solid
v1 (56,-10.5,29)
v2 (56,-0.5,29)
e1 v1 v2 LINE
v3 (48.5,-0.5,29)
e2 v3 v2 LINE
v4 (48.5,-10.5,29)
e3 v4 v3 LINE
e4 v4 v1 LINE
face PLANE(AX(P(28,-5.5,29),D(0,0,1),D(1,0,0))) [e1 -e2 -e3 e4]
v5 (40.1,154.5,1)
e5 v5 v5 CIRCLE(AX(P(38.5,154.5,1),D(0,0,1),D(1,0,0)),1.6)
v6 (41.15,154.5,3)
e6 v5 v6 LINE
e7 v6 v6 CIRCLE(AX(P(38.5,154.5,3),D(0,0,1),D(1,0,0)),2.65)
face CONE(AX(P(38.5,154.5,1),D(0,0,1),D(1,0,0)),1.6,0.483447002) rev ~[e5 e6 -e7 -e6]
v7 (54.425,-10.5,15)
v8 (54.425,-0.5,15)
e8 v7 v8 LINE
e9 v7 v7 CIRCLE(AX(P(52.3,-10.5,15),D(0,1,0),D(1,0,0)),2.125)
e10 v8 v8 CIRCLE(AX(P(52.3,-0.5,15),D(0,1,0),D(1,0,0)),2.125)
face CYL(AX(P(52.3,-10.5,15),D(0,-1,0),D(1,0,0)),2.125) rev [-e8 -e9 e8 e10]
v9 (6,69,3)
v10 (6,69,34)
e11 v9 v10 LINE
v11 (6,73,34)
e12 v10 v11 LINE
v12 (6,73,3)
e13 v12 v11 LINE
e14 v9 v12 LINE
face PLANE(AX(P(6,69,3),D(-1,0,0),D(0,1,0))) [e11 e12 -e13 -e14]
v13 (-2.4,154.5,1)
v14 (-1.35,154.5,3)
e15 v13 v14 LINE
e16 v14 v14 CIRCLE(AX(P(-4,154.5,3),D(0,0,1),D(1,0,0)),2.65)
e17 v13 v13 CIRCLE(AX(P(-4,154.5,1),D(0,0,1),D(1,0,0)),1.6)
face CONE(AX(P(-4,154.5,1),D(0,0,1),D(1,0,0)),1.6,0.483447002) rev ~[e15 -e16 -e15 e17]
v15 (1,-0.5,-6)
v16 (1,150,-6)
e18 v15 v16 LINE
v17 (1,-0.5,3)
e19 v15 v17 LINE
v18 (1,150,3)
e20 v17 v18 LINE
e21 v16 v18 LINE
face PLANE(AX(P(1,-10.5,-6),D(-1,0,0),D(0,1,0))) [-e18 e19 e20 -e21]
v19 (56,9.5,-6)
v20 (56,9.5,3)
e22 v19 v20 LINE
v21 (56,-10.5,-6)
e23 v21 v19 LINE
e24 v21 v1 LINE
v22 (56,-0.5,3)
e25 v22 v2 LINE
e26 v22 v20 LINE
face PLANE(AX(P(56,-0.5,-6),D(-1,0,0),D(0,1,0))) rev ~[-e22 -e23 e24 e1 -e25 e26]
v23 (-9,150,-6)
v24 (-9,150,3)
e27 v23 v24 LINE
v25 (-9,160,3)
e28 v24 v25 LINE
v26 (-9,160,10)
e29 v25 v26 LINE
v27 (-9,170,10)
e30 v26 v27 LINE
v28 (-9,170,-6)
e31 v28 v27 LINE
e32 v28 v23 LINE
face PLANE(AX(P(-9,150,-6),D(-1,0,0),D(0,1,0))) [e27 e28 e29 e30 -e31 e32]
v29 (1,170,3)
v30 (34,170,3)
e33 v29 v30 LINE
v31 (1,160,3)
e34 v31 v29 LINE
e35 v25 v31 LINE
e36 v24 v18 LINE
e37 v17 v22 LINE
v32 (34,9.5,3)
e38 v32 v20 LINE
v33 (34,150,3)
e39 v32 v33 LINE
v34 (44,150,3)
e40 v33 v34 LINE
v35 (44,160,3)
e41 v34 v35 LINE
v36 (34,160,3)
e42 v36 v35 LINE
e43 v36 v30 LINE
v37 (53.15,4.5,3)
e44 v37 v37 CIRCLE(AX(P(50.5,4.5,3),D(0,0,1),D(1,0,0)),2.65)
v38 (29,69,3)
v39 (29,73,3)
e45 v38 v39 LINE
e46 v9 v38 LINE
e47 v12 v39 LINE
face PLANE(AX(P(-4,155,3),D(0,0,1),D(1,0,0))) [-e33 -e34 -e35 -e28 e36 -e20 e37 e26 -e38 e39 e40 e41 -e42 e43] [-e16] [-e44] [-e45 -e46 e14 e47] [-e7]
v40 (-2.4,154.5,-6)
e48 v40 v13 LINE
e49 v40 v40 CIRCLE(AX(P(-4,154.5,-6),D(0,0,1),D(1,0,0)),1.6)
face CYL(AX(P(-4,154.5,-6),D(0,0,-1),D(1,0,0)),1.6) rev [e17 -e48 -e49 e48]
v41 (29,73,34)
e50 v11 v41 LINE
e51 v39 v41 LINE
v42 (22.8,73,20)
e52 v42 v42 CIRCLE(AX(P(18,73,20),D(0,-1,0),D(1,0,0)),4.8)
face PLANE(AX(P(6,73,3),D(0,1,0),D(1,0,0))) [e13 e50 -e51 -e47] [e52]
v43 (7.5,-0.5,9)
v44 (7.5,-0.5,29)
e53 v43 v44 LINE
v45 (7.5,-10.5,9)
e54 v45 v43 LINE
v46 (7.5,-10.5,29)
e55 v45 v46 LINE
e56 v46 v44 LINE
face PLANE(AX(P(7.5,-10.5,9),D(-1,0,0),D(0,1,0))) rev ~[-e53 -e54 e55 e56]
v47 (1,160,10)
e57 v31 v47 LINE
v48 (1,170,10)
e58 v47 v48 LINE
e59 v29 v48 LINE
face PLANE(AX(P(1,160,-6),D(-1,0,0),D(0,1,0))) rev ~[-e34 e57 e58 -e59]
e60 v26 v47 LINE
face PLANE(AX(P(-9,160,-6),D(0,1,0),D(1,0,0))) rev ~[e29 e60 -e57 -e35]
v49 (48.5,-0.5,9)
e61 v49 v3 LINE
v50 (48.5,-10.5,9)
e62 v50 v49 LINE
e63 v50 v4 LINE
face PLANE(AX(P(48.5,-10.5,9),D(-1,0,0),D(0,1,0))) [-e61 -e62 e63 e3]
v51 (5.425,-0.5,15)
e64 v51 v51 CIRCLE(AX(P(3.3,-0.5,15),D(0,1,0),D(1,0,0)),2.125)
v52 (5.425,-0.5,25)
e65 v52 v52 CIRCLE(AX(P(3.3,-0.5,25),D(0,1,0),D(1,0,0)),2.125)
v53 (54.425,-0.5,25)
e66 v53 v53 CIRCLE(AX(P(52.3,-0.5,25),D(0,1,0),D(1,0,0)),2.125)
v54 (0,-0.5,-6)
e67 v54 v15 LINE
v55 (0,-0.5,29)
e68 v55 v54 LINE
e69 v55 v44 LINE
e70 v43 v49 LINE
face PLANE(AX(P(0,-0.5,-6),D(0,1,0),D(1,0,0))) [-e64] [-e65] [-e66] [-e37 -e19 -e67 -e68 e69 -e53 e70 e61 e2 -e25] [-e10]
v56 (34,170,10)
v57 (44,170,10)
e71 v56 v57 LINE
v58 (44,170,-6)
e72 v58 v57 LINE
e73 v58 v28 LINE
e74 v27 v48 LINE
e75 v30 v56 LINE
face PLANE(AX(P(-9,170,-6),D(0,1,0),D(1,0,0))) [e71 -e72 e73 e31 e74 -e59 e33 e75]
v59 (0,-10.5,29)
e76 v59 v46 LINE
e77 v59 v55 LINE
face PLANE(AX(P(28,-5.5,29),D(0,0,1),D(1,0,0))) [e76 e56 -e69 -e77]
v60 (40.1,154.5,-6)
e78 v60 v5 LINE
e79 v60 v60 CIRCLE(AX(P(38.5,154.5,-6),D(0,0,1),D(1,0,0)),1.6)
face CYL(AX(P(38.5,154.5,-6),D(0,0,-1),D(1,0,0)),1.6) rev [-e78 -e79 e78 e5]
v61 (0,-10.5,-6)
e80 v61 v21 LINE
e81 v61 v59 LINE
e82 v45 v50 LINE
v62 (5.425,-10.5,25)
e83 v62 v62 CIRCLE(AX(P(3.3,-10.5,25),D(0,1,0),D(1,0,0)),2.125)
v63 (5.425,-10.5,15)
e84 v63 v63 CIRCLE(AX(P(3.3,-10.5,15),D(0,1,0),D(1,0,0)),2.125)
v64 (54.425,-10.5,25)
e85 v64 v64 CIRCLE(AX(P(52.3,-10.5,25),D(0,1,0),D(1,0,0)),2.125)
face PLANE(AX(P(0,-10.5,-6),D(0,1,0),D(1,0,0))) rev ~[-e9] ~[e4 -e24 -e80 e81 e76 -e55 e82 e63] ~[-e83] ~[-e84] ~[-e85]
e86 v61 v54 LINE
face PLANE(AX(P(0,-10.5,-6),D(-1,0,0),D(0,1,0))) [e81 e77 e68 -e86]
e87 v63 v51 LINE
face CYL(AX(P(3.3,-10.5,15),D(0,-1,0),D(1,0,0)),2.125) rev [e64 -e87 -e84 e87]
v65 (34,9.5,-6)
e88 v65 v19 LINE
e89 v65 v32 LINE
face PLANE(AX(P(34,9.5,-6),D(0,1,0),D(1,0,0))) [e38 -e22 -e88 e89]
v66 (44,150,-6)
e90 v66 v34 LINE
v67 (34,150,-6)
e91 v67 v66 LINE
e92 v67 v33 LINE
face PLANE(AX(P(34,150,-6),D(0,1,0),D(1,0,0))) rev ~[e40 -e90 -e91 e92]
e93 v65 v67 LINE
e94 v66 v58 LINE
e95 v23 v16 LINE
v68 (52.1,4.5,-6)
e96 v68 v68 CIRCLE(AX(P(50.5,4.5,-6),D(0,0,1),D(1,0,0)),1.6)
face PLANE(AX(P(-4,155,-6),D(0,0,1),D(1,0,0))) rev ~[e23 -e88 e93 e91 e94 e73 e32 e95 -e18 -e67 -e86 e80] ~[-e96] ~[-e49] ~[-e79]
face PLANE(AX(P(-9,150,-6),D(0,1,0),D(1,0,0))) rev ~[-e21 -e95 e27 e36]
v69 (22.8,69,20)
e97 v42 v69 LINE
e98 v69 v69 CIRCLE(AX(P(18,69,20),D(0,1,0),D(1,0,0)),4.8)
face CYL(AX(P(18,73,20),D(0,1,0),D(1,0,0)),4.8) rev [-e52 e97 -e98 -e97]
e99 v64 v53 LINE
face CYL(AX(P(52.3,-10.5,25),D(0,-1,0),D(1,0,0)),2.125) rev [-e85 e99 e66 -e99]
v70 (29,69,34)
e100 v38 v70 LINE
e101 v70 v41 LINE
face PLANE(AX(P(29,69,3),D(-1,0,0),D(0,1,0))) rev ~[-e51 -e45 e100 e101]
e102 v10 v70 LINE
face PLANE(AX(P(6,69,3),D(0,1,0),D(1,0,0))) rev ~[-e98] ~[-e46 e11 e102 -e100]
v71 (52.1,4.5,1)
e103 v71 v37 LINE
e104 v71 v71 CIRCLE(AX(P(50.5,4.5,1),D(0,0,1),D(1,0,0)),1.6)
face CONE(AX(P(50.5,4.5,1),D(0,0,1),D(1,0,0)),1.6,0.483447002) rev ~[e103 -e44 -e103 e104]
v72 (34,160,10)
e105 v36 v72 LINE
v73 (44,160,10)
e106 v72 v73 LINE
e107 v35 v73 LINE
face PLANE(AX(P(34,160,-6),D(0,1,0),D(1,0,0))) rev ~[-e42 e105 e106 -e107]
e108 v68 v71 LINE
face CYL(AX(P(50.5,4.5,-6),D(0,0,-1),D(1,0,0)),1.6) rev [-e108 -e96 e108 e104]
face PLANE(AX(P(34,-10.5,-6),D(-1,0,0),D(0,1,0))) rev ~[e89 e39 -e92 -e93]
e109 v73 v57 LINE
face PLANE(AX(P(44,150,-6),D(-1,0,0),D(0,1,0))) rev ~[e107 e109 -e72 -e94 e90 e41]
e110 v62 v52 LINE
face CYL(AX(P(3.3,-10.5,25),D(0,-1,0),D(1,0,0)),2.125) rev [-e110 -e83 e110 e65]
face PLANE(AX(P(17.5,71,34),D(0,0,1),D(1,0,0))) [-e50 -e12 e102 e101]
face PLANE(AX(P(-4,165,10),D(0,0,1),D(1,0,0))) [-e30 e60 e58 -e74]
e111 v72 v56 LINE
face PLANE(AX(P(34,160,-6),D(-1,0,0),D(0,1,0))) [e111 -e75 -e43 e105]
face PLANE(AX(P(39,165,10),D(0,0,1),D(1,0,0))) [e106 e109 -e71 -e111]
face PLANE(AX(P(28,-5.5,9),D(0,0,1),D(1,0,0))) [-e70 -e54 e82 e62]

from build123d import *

# Parameters (mm, degrees)
CYLINDER148_R     = 4.8
CYLINDER148_DEPTH = 6.7
CYLINDER147_R     = 1.6
CYLINDER147_DEPTH = 7
CYLINDER146_R     = 1.6
CYLINDER146_DEPTH = 7
CYLINDER140_R     = 1.6
CYLINDER140_DEPTH = 7
CYLINDER012_R     = 2.125
CYLINDER012_DEPTH = 10
CYLINDER013_R     = 2.125
CYLINDER013_DEPTH = 10
CYLINDER010_R     = 2.125
CYLINDER010_DEPTH = 10
CYLINDER011_R     = 2.125
CYLINDER011_DEPTH = 10
CYLINDER145_R     = 3.45
CYLINDER145_DEPTH = 10
CYLINDER141_R     = 1.6
CYLINDER141_DEPTH = 7
CYLINDER142_R     = 1.6
CYLINDER142_DEPTH = 7
CYLINDER144_R     = 1.6
CYLINDER144_DEPTH = 7
CYLINDER143_R     = 1.6
CYLINDER143_DEPTH = 7
BOX007_W          = 41
BOX007_H          = 10
BOX007_DEPTH      = 20
BOX006_W          = 56
BOX006_H          = 10
BOX006_DEPTH      = 26
BOX005_W          = 23
BOX005_H          = 4
BOX005_DEPTH      = 31
BOX008_W          = 22
BOX008_H          = 10
BOX008_DEPTH      = 9
BOX009_W          = 1
BOX009_H          = 10
BOX009_DEPTH      = 9
BOX012_W          = 10
BOX012_H          = 10
BOX012_DEPTH      = 16
BOX013_W          = 10
BOX013_H          = 10
BOX013_DEPTH      = 16
BOX014_W          = 22
BOX014_H          = 10
BOX014_DEPTH      = 9
BOX015_W          = 10
BOX015_H          = 10
BOX015_DEPTH      = 9
BOX016_W          = 10
BOX016_H          = 10
BOX016_DEPTH      = 9
BOX003_W          = 33
BOX003_H          = 180.5
BOX003_DEPTH      = 9


with BuildPart() as hole002:
    # Cylinder148 → Cylinder148 (new body)
    with BuildSketch(Plane(origin=(18, 73, 20), x_dir=(1, 0, 0), z_dir=(0, -1, 0))):
        Circle(CYLINDER148_R)
    extrude(amount=CYLINDER148_DEPTH)


with BuildPart() as wheelscrew018:
    # Cylinder147 → Cylinder147 (new body)
    with BuildSketch(Plane(origin=(9, -124, -19), x_dir=(1, 0, 0), z_dir=(0, 0, 1))):
        Circle(CYLINDER147_R)
    extrude(amount=CYLINDER147_DEPTH)


with BuildPart() as fullscrew007:
    # Cone015 → Cone015 (revolve)
    with BuildSketch(Plane(origin=(9, -124, -12), x_dir=(1, 0, 0), z_dir=(0, -1, 0))):
        Polygon((0, 0), (1.6, 0), (2.65, 2), (0, 2), align=None)
    revolve(axis=Axis((9, -124, -12), (0, 0, 1)))

    # Fusion007051: union wheelScrew018
    add(wheelscrew018.part)


with BuildPart() as fullscrew007_1:
    # Fusion007051 placement: moved
    add(fullscrew007.part.moved(Location((41.5, 128.5, 13))))


with BuildPart() as wheelscrew016:
    # Cylinder146 → Cylinder146 (new body)
    with BuildSketch(Plane(origin=(9, -124, -19), x_dir=(1, 0, 0), z_dir=(0, 0, 1))):
        Circle(CYLINDER146_R)
    extrude(amount=CYLINDER146_DEPTH)


with BuildPart() as fullscrew006:
    # Cone014 → Cone014 (revolve)
    with BuildSketch(Plane(origin=(9, -124, -12), x_dir=(1, 0, 0), z_dir=(0, -1, 0))):
        Polygon((0, 0), (1.6, 0), (2.65, 2), (0, 2), align=None)
    revolve(axis=Axis((9, -124, -12), (0, 0, 1)))

    # Fusion007050: union wheelScrew016
    add(wheelscrew016.part)


with BuildPart() as fullscrew006_1:
    # Fusion007050 placement: moved
    add(fullscrew006.part.moved(Location((-13, 278.5, 13))))


with BuildPart() as wheelscrew005:
    # Cylinder140 → Cylinder140 (new body)
    with BuildSketch(Plane(origin=(9, -124, -19), x_dir=(1, 0, 0), z_dir=(0, 0, 1))):
        Circle(CYLINDER140_R)
    extrude(amount=CYLINDER140_DEPTH)


with BuildPart() as fullscrew001:
    # Cone009 → Cone009 (revolve)
    with BuildSketch(Plane(origin=(9, -124, -12), x_dir=(1, 0, 0), z_dir=(0, -1, 0))):
        Polygon((0, 0), (1.6, 0), (2.65, 2), (0, 2), align=None)
    revolve(axis=Axis((9, -124, -12), (0, 0, 1)))

    # Fusion007043: union wheelScrew005
    add(wheelscrew005.part)


with BuildPart() as fullscrew001_1:
    # Fusion007043 placement: moved
    add(fullscrew001.part.moved(Location((29.5, 278.5, 13))))


with BuildPart() as servoattach003:
    # Cylinder012 → Cylinder012 (new body)
    with BuildSketch(Plane(origin=(52.3, -10.5, 25), x_dir=(1, 0, 0), z_dir=(0, 1, 0))):
        Circle(CYLINDER012_R)
    extrude(amount=CYLINDER012_DEPTH)


with BuildPart() as servoattach004:
    # Cylinder013 → Cylinder013 (new body)
    with BuildSketch(Plane(origin=(52.3, -10.5, 15), x_dir=(1, 0, 0), z_dir=(0, 1, 0))):
        Circle(CYLINDER013_R)
    extrude(amount=CYLINDER013_DEPTH)


with BuildPart() as servoattach001:
    # Cylinder010 → Cylinder010 (new body)
    with BuildSketch(Plane(origin=(3.3, -10.5, 25), x_dir=(1, 0, 0), z_dir=(0, 1, 0))):
        Circle(CYLINDER010_R)
    extrude(amount=CYLINDER010_DEPTH)


with BuildPart() as servoattach002:
    # Cylinder011 → Cylinder011 (new body)
    with BuildSketch(Plane(origin=(3.3, -10.5, 15), x_dir=(1, 0, 0), z_dir=(0, 1, 0))):
        Circle(CYLINDER011_R)
    extrude(amount=CYLINDER011_DEPTH)


with BuildPart() as insert001:
    # Cylinder145 → Cylinder145 (new body)
    with BuildSketch(Plane(origin=(17.5, 180.5, -7), x_dir=(1, 0, 0), z_dir=(0, 0, 1))):
        Circle(CYLINDER145_R)
    extrude(amount=CYLINDER145_DEPTH)


with BuildPart() as wheelscrew008:
    # Cylinder141 → Cylinder141 (new body)
    with BuildSketch(Plane(origin=(9, -124, -19), x_dir=(1, 0, 0), z_dir=(0, 0, 1))):
        Circle(CYLINDER141_R)
    extrude(amount=CYLINDER141_DEPTH)


with BuildPart() as fullscrew002:
    # Cone010 → Cone010 (revolve)
    with BuildSketch(Plane(origin=(9, -124, -12), x_dir=(1, 0, 0), z_dir=(0, -1, 0))):
        Polygon((0, 0), (1.6, 0), (2.65, 2), (0, 2), align=None)
    revolve(axis=Axis((9, -124, -12), (0, 0, 1)))

    # Fusion007045: union wheelScrew008
    add(wheelscrew008.part)


with BuildPart() as fullscrew002_1:
    # Fusion007045 placement: moved
    add(fullscrew002.part.moved(Location((17, 318, 13))))


with BuildPart() as wheelscrew010:
    # Cylinder142 → Cylinder142 (new body)
    with BuildSketch(Plane(origin=(9, -124, -19), x_dir=(1, 0, 0), z_dir=(0, 0, 1))):
        Circle(CYLINDER142_R)
    extrude(amount=CYLINDER142_DEPTH)


with BuildPart() as fullscrew003:
    # Cone011 → Cone011 (revolve)
    with BuildSketch(Plane(origin=(9, -124, -12), x_dir=(1, 0, 0), z_dir=(0, -1, 0))):
        Polygon((0, 0), (1.6, 0), (2.65, 2), (0, 2), align=None)
    revolve(axis=Axis((9, -124, -12), (0, 0, 1)))

    # Fusion007046: union wheelScrew010
    add(wheelscrew010.part)


with BuildPart() as fullscrew003_1:
    # Fusion007046 placement: moved
    add(fullscrew003.part.moved(Location((-1, 318, 13))))


with BuildPart() as wheelscrew014:
    # Cylinder144 → Cylinder144 (new body)
    with BuildSketch(Plane(origin=(9, -124, -19), x_dir=(1, 0, 0), z_dir=(0, 0, 1))):
        Circle(CYLINDER144_R)
    extrude(amount=CYLINDER144_DEPTH)


with BuildPart() as fullscrew005:
    # Cone013 → Cone013 (revolve)
    with BuildSketch(Plane(origin=(9, -124, -12), x_dir=(1, 0, 0), z_dir=(0, -1, 0))):
        Polygon((0, 0), (1.6, 0), (2.65, 2), (0, 2), align=None)
    revolve(axis=Axis((9, -124, -12), (0, 0, 1)))

    # Fusion007048: union wheelScrew014
    add(wheelscrew014.part)


with BuildPart() as fullscrew005_1:
    # Fusion007048 placement: moved
    add(fullscrew005.part.moved(Location((17, 88, 13))))


with BuildPart() as wheelscrew012:
    # Cylinder143 → Cylinder143 (new body)
    with BuildSketch(Plane(origin=(9, -124, -19), x_dir=(1, 0, 0), z_dir=(0, 0, 1))):
        Circle(CYLINDER143_R)
    extrude(amount=CYLINDER143_DEPTH)


with BuildPart() as fullscrew004:
    # Cone012 → Cone012 (revolve)
    with BuildSketch(Plane(origin=(9, -124, -12), x_dir=(1, 0, 0), z_dir=(0, -1, 0))):
        Polygon((0, 0), (1.6, 0), (2.65, 2), (0, 2), align=None)
    revolve(axis=Axis((9, -124, -12), (0, 0, 1)))

    # Fusion007047: union wheelScrew012
    add(wheelscrew012.part)


with BuildPart() as fullscrew004_1:
    # Fusion007047 placement: moved
    add(fullscrew004.part.moved(Location((-1, 88, 13))))


with BuildPart() as frame005:
    # Box007 → Box007 (new body)
    with BuildSketch(Plane(origin=(7.5, -10.5, 9), x_dir=(1, 0, 0), z_dir=(0, 0, 1))):
        with Locations((20.5, 5)):
            Rectangle(BOX007_W, BOX007_H)
    extrude(amount=BOX007_DEPTH)


with BuildPart() as cut005:
    # Box006 → Box006 (new body)
    with BuildSketch(Plane(origin=(0, -10.5, 3), x_dir=(1, 0, 0), z_dir=(0, 0, 1))):
        with Locations((28, 5)):
            Rectangle(BOX006_W, BOX006_H)
    extrude(amount=BOX006_DEPTH)

    # Cut005: cut frame005
    add(frame005.part, mode=Mode.SUBTRACT)


with BuildPart() as frame003:
    # Box005 → Box005 (new body)
    with BuildSketch(Plane(origin=(6, 69, 3), x_dir=(1, 0, 0), z_dir=(0, 0, 1))):
        with Locations((11.5, 2)):
            Rectangle(BOX005_W, BOX005_H)
    extrude(amount=BOX005_DEPTH)


with BuildPart() as frame006:
    # Box008 → Box008 (new body)
    with BuildSketch(Plane(origin=(34, -10.5, -6), x_dir=(1, 0, 0), z_dir=(0, 0, 1))):
        with Locations((11, 5)):
            Rectangle(BOX008_W, BOX008_H)
    extrude(amount=BOX008_DEPTH)


with BuildPart() as frame007:
    # Box009 → Box009 (new body)
    with BuildSketch(Plane(origin=(0, -10.5, -6), x_dir=(1, 0, 0), z_dir=(0, 0, 1))):
        with Locations((0.5, 5)):
            Rectangle(BOX009_W, BOX009_H)
    extrude(amount=BOX009_DEPTH)


with BuildPart() as frame008:
    # Box012 → Box012 (new body)
    with BuildSketch(Plane(origin=(34, 160, -6), x_dir=(1, 0, 0), z_dir=(0, 0, 1))):
        with Locations((5, 5)):
            Rectangle(BOX012_W, BOX012_H)
    extrude(amount=BOX012_DEPTH)


with BuildPart() as frame009:
    # Box013 → Box013 (new body)
    with BuildSketch(Plane(origin=(-9, 160, -6), x_dir=(1, 0, 0), z_dir=(0, 0, 1))):
        with Locations((5, 5)):
            Rectangle(BOX013_W, BOX013_H)
    extrude(amount=BOX013_DEPTH)


with BuildPart() as frame010:
    # Box014 → Box014 (new body)
    with BuildSketch(Plane(origin=(34, -0.5, -6), x_dir=(1, 0, 0), z_dir=(0, 0, 1))):
        with Locations((11, 5)):
            Rectangle(BOX014_W, BOX014_H)
    extrude(amount=BOX014_DEPTH)


with BuildPart() as frame011:
    # Box015 → Box015 (new body)
    with BuildSketch(Plane(origin=(34, 150, -6), x_dir=(1, 0, 0), z_dir=(0, 0, 1))):
        with Locations((5, 5)):
            Rectangle(BOX015_W, BOX015_H)
    extrude(amount=BOX015_DEPTH)


with BuildPart() as frame012:
    # Box016 → Box016 (new body)
    with BuildSketch(Plane(origin=(-9, 150, -6), x_dir=(1, 0, 0), z_dir=(0, 0, 1))):
        with Locations((5, 5)):
            Rectangle(BOX016_W, BOX016_H)
    extrude(amount=BOX016_DEPTH)


with BuildPart() as base004:
    # Box003 → Box003 (new body)
    with BuildSketch(Plane(origin=(1, -10.5, -6), x_dir=(1, 0, 0), z_dir=(0, 0, 1))):
        with Locations((16.5, 90.25)):
            Rectangle(BOX003_W, BOX003_H)
    extrude(amount=BOX003_DEPTH)

    # Fusion007049: union Cut005, frame003, frame006, frame007, frame008, frame009, frame010, frame011, frame012
    add(cut005.part)
    add(frame003.part)
    add(frame006.part)
    add(frame007.part)
    add(frame008.part)
    add(frame009.part)
    add(frame010.part)
    add(frame011.part)
    add(frame012.part)

    # Cut006: cut fullScrew004
    add(fullscrew004_1.part, mode=Mode.SUBTRACT)

    # Cut007: cut fullScrew005
    add(fullscrew005_1.part, mode=Mode.SUBTRACT)

    # Cut008: cut fullScrew003
    add(fullscrew003_1.part, mode=Mode.SUBTRACT)

    # Cut009: cut fullScrew002
    add(fullscrew002_1.part, mode=Mode.SUBTRACT)

    # Cut010: cut insert001
    add(insert001.part, mode=Mode.SUBTRACT)

    # Cut011: cut servoAttach002
    add(servoattach002.part, mode=Mode.SUBTRACT)

    # Cut012: cut servoAttach001
    add(servoattach001.part, mode=Mode.SUBTRACT)

    # Cut013: cut servoAttach004
    add(servoattach004.part, mode=Mode.SUBTRACT)

    # Cut014: cut servoAttach003
    add(servoattach003.part, mode=Mode.SUBTRACT)

    # Cut015: cut fullScrew001
    add(fullscrew001_1.part, mode=Mode.SUBTRACT)

    # Cut016: cut fullScrew006
    add(fullscrew006_1.part, mode=Mode.SUBTRACT)

    # Cut017: cut fullScrew007
    add(fullscrew007_1.part, mode=Mode.SUBTRACT)

    # Cut018: cut hole002
    add(hole002.part, mode=Mode.SUBTRACT)


solid = base004.part
